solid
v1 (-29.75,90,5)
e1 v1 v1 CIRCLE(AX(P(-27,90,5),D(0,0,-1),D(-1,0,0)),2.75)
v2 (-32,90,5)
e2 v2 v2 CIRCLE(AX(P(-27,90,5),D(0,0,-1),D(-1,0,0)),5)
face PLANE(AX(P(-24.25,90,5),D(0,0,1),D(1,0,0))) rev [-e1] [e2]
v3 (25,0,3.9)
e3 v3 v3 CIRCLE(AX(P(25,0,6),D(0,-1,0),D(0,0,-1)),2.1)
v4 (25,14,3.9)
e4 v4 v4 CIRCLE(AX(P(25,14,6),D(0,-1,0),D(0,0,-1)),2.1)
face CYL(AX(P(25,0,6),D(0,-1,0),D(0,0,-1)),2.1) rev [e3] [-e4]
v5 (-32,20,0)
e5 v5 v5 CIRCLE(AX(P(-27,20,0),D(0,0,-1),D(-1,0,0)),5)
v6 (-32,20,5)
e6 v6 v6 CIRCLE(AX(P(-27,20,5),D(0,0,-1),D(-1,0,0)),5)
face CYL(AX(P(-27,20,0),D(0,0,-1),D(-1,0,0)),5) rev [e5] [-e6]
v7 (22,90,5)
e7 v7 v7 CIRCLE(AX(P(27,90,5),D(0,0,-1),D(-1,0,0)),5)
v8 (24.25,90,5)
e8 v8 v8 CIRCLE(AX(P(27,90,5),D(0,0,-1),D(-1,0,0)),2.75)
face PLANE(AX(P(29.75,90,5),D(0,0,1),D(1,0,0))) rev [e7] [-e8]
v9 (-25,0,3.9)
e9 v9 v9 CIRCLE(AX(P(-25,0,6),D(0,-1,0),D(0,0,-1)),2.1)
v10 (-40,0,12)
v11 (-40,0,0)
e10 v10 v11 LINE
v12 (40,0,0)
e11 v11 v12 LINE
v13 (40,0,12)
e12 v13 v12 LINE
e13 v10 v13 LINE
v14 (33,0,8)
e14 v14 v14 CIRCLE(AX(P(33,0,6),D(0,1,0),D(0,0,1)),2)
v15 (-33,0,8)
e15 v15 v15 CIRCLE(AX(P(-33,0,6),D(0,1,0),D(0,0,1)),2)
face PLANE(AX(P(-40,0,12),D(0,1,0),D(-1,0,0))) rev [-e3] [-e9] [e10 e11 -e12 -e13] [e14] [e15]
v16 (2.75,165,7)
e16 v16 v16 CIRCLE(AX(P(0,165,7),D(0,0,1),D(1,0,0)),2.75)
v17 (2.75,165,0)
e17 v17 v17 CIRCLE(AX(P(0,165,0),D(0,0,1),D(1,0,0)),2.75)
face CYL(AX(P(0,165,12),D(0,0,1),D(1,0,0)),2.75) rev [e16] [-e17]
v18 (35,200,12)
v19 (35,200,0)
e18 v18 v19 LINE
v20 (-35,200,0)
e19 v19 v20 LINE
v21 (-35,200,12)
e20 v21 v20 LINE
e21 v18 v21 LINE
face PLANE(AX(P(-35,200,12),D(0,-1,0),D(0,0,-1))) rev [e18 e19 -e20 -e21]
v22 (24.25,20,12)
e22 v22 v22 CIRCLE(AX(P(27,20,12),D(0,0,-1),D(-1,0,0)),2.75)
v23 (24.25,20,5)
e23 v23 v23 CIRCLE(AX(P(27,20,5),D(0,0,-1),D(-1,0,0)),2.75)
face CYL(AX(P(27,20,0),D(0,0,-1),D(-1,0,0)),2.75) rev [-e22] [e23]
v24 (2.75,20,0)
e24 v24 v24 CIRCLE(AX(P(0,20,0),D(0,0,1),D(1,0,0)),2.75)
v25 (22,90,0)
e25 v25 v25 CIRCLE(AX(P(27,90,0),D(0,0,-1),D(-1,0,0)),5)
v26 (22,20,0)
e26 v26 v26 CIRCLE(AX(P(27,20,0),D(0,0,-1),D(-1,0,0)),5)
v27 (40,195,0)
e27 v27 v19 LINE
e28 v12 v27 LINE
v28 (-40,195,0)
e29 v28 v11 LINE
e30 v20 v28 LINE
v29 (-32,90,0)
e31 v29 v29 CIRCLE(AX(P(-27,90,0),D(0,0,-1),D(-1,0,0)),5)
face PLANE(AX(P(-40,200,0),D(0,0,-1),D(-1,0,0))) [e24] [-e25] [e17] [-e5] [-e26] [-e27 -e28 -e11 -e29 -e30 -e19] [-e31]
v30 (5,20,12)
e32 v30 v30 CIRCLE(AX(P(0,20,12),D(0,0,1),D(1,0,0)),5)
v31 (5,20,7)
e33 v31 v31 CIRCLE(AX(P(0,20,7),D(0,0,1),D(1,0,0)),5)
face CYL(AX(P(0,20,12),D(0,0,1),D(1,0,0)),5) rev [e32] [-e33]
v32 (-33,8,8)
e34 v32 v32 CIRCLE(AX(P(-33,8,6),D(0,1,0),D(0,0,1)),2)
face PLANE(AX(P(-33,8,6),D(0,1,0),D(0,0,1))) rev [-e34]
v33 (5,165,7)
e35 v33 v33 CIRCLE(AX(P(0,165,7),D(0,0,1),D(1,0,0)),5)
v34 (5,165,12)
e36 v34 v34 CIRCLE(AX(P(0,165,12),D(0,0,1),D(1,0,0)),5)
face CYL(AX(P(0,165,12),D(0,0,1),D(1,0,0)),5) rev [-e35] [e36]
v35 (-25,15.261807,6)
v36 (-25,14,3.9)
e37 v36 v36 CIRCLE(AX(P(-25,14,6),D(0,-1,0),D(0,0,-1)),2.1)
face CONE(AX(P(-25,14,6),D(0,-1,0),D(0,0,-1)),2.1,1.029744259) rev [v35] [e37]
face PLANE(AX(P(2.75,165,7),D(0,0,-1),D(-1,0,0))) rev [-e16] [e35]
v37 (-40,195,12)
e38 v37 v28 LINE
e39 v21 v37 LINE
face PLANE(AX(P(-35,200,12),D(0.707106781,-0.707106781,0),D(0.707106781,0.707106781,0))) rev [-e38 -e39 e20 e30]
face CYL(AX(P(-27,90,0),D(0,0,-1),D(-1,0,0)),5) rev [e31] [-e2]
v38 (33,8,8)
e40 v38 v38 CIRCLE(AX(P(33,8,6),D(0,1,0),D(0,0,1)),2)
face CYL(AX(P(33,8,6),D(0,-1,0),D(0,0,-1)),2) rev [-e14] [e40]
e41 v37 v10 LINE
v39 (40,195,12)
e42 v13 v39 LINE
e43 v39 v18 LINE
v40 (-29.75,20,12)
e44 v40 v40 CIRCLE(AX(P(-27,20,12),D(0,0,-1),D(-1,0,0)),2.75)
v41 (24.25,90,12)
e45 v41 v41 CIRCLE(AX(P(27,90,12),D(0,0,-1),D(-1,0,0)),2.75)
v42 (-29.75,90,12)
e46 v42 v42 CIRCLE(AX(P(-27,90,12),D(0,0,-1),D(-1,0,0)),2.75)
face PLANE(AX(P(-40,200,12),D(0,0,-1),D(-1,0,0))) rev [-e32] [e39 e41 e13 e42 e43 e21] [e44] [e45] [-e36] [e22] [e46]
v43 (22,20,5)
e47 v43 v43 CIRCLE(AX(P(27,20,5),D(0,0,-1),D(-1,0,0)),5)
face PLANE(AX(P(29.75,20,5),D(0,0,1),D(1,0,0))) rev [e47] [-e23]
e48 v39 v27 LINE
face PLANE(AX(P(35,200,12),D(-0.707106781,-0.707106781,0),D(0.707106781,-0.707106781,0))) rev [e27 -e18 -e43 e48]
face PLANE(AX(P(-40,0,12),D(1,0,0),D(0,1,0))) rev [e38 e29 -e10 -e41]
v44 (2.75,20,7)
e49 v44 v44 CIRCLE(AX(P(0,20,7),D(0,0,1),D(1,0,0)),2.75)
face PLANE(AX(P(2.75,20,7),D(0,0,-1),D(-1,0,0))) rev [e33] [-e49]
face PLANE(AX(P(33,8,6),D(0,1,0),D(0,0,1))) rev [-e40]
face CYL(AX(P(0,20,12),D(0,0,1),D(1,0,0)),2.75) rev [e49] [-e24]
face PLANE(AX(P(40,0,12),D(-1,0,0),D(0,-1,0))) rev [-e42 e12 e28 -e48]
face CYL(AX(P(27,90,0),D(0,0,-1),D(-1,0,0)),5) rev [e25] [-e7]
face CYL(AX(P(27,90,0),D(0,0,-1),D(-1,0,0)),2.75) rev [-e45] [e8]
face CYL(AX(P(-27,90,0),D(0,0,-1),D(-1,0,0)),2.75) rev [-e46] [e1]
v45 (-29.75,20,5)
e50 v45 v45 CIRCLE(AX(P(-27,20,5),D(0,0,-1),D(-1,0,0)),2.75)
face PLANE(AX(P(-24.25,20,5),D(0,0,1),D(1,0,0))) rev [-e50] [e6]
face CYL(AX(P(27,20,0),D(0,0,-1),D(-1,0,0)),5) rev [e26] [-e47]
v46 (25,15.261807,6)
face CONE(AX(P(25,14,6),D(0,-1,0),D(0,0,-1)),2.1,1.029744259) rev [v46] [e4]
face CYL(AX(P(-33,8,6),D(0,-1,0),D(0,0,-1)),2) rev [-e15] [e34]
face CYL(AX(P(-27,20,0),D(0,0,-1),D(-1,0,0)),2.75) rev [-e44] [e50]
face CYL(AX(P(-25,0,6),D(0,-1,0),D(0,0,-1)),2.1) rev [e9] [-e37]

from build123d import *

# Parameters (mm, degrees)
BOSS_EXTRUDE1_DEPTH                             = 12
CBORE_FOR_M5_SOCKET_HEAD_CAP_SCREW1_D           = 5.5
CBORE_FOR_M5_SOCKET_HEAD_CAP_SCREW1_CBORE_D     = 10
CBORE_FOR_M5_SOCKET_HEAD_CAP_SCREW1_CBORE_DEPTH = 5
M5X0_8_TAPPED_HOLE1_D                           = 4.2
M5X0_8_TAPPED_HOLE1_DEPTH                       = 14
M5X0_8_TAPPED_HOLE1_TIP                         = 1.2618073
SKETCH6_R                                       = 2
CUT_EXTRUDE1_DEPTH                              = 8
CBORE_FOR_M5_SOCKET_HEAD_CAP_SCREW2_D           = 5.5
CBORE_FOR_M5_SOCKET_HEAD_CAP_SCREW2_CBORE_D     = 10
CBORE_FOR_M5_SOCKET_HEAD_CAP_SCREW2_CBORE_DEPTH = 5


with BuildPart() as part:
    # Sketch1 → Boss-Extrude1 (new body)
    with BuildSketch(Plane.XY):
        Polygon((-40, 0), (40, 0), (40, 195), (35, 200), (-35, 200), (-40, 195), align=None)
    extrude(amount=BOSS_EXTRUDE1_DEPTH)

    # CBORE for M5 Socket Head Cap Screw1 (through all)
    with Locations(Plane.XY.offset(12)):
        with Locations((0, 20), (0, 165)):
            CounterBoreHole(CBORE_FOR_M5_SOCKET_HEAD_CAP_SCREW1_D / 2, CBORE_FOR_M5_SOCKET_HEAD_CAP_SCREW1_CBORE_D / 2, CBORE_FOR_M5_SOCKET_HEAD_CAP_SCREW1_CBORE_DEPTH)

    # M5x0.8 Tapped Hole1
    with Locations(Plane.XZ):
        with Locations((-25, 6), (25, 6)):
            Hole(M5X0_8_TAPPED_HOLE1_D / 2, depth=M5X0_8_TAPPED_HOLE1_DEPTH)
            with Locations((0, 0, -(M5X0_8_TAPPED_HOLE1_DEPTH + M5X0_8_TAPPED_HOLE1_TIP / 2))):  # 118° drill point
                Cone(0, M5X0_8_TAPPED_HOLE1_D / 2, M5X0_8_TAPPED_HOLE1_TIP, mode=Mode.SUBTRACT)

    # Sketch6 → Cut-Extrude1 (cut)
    with BuildSketch(Plane(origin=(0, 0, 0), x_dir=(1, 0, 0), z_dir=(0, 1, 0))):
        with Locations((33, -6)):
            Circle(SKETCH6_R)
        with Locations((-33, -6)):
            Circle(SKETCH6_R)
    extrude(amount=CUT_EXTRUDE1_DEPTH, mode=Mode.SUBTRACT)

    # CBORE for M5 Socket Head Cap Screw2 (through all)
    with Locations(Plane(origin=(0, 0, 0), x_dir=(-1, 0, 0), z_dir=(0, 0, -1))):
        with Locations((27, 20), (27, 90), (-27, 90), (-27, 20)):
            CounterBoreHole(CBORE_FOR_M5_SOCKET_HEAD_CAP_SCREW2_D / 2, CBORE_FOR_M5_SOCKET_HEAD_CAP_SCREW2_CBORE_D / 2, CBORE_FOR_M5_SOCKET_HEAD_CAP_SCREW2_CBORE_DEPTH)


solid = part.part
